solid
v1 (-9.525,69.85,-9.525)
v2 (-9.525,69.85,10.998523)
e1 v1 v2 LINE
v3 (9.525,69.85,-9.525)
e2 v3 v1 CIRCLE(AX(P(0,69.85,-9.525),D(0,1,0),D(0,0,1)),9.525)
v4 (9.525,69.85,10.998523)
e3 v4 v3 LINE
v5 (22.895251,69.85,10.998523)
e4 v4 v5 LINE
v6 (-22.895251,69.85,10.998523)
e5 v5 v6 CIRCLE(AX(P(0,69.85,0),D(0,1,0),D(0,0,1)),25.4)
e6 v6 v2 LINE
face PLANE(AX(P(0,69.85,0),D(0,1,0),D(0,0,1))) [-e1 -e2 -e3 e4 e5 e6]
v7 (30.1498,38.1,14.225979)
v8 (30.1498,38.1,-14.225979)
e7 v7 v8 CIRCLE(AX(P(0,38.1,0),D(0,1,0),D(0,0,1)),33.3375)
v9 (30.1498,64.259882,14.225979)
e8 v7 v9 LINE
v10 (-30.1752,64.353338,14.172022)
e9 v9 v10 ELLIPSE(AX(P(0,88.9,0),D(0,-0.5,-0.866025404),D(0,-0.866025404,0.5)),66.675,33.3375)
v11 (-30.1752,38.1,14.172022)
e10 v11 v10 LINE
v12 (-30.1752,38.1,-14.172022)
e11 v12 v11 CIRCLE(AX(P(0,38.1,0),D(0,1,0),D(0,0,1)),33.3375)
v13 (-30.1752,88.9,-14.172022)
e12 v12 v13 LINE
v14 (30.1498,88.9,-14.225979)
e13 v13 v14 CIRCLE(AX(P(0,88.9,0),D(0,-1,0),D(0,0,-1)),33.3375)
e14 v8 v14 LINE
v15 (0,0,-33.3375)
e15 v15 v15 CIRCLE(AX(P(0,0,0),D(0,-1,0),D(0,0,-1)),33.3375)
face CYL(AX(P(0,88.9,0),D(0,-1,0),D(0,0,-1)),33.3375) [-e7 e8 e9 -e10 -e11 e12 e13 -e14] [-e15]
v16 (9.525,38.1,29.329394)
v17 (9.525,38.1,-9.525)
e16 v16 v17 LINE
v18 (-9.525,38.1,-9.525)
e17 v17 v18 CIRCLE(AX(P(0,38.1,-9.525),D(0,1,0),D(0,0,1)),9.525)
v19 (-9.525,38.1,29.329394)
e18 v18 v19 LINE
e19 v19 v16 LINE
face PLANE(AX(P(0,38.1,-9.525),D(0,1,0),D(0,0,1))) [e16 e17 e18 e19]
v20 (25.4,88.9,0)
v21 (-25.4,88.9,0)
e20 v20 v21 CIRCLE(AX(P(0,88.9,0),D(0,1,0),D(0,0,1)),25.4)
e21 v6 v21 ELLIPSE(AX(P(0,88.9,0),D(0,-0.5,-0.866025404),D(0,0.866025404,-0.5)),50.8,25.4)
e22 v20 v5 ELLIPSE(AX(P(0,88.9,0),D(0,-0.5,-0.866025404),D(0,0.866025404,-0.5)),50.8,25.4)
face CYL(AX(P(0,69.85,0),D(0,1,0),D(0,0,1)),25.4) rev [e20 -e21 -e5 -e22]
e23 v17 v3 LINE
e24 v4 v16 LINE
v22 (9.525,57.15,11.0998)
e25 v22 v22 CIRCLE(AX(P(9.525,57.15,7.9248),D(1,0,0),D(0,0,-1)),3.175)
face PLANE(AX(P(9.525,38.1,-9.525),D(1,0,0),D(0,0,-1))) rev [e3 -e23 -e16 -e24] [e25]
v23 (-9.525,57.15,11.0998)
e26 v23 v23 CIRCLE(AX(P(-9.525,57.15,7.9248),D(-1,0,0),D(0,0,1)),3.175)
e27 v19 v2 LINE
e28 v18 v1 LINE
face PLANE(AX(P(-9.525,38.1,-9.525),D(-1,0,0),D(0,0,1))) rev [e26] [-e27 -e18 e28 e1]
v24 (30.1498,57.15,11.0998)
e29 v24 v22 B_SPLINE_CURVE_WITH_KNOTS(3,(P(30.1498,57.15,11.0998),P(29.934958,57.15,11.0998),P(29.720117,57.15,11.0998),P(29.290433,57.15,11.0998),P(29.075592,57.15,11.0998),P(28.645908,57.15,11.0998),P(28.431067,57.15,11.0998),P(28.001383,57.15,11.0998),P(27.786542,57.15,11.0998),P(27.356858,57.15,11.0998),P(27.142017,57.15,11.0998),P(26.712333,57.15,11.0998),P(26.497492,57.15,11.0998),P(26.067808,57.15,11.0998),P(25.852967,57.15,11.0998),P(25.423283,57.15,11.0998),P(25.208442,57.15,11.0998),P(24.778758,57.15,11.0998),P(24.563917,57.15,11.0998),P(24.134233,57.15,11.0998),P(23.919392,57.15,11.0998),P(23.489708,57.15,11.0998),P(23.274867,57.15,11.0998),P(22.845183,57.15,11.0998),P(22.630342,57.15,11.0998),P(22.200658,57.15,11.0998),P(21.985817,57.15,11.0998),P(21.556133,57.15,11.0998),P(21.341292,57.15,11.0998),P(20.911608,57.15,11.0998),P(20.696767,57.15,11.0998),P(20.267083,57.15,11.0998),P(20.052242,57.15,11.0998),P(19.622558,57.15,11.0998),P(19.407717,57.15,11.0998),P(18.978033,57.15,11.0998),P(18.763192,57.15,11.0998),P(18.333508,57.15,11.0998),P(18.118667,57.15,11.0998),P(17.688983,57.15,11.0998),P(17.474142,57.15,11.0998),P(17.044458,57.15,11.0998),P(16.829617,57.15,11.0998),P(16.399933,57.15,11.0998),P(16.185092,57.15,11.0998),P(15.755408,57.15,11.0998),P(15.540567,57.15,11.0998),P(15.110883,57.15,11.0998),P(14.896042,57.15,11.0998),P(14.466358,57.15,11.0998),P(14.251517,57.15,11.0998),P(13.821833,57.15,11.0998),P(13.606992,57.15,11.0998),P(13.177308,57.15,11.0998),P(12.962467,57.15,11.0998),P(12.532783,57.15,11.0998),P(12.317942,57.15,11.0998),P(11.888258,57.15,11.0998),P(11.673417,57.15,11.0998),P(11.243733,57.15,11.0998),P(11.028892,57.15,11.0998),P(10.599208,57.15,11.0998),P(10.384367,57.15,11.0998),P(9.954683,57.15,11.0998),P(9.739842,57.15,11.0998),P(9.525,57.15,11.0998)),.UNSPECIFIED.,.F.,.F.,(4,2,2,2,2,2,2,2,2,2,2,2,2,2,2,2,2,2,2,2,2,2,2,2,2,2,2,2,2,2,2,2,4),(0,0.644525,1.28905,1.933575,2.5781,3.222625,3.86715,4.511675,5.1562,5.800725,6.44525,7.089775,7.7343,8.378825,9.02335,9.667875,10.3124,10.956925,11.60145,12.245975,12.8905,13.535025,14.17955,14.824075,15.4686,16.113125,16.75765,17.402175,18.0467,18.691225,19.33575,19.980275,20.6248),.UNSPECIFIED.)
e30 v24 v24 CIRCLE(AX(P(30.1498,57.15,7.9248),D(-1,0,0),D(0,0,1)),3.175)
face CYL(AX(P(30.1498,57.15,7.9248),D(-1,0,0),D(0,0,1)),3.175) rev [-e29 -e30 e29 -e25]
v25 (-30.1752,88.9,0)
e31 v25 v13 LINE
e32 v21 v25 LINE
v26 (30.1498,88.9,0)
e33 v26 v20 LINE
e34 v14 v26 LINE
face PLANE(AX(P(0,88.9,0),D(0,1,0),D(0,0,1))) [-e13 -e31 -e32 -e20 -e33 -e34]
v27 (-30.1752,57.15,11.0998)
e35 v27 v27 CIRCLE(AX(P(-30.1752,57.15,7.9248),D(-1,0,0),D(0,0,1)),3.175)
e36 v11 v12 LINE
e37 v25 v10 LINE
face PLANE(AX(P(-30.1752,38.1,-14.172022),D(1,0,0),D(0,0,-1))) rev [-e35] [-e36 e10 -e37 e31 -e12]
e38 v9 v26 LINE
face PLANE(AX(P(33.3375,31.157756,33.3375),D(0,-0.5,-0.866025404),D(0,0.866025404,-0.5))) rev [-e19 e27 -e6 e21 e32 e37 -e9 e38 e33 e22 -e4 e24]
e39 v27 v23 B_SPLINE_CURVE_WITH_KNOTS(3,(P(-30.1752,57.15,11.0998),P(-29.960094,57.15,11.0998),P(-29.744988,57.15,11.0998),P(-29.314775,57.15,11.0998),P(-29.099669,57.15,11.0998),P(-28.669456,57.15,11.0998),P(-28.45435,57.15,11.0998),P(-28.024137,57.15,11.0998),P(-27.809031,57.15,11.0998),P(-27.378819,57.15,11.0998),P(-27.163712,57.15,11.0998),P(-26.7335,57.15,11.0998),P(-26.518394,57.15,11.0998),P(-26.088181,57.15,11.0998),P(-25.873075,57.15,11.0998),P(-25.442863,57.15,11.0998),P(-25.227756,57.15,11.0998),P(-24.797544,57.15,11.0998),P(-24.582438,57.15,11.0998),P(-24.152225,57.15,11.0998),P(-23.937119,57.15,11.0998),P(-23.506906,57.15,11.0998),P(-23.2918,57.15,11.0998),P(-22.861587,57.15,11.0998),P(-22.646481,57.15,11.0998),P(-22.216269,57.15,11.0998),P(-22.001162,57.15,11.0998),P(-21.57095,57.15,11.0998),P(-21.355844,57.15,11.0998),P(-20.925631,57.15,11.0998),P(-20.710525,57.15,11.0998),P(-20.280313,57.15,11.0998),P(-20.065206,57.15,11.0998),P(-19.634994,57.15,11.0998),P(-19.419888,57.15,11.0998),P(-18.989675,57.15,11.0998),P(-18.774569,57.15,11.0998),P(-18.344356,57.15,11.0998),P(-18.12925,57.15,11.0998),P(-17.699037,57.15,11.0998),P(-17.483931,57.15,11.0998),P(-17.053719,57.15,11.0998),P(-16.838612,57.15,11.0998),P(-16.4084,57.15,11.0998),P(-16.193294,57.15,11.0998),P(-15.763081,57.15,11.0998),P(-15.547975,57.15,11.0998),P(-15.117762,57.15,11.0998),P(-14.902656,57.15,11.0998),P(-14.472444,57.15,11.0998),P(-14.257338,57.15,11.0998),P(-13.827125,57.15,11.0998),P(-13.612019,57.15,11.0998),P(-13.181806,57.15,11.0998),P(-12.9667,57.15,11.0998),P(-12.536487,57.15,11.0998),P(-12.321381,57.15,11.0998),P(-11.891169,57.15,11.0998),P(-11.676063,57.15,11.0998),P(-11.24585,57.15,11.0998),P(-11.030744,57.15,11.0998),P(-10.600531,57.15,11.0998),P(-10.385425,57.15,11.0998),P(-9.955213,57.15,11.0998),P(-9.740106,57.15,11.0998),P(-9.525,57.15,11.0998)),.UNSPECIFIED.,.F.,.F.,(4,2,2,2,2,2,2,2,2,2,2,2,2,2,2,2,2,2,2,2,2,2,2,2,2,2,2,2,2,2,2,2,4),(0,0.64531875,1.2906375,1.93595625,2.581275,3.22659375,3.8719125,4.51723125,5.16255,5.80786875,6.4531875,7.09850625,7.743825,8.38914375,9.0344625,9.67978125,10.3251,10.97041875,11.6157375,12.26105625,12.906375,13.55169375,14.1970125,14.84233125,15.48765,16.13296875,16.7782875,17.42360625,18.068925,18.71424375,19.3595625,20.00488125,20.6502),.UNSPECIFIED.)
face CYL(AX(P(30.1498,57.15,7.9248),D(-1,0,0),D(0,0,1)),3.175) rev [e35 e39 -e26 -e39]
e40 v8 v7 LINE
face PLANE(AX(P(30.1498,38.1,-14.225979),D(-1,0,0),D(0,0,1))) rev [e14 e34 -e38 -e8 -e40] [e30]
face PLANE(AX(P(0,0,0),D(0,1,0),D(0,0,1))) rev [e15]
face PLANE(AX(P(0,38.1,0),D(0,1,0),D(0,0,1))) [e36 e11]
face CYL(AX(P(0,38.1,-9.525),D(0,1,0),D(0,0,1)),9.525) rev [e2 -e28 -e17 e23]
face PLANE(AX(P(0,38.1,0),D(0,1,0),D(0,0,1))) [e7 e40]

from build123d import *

# Parameters (mm, degrees)
CROQUIS2_W              = 66.675
CROQUIS2_H              = 66.675
SALIENTE_EXTRUIR2_DEPTH = 88.9
CORTAR_EXTRUIR1_DEPTH   = 117.01790608
CROQUIS5_OUTSIDE_W      = 94.593
CROQUIS5_OUTSIDE_H      = 94.593
CROQUIS5_OUTSIDE_R      = 33.3375
CORTAR_EXTRUIR2_DEPTH   = 88.9
CROQUIS6_R              = 25.4
CORTAR_EXTRUIR4_DEPTH   = 19.05
CORTAR_EXTRUIR5_DEPTH   = 31.75
CORTAR_EXTRUIR6_START   = -50.8
CORTAR_EXTRUIR6_DEPTH   = 50.8
CROQUIS9_R              = 3.175
CORTAR_EXTRUIR7_DEPTH   = 60.325


with BuildPart() as part:
    # Croquis2 → Saliente-Extruir2 (new body)
    with BuildSketch(Plane(origin=(0, 0, 0), x_dir=(1, 0, 0), z_dir=(0, 1, 0))):
        Rectangle(CROQUIS2_W, CROQUIS2_H)
    extrude(amount=SALIENTE_EXTRUIR2_DEPTH)

    # Croquis4 → Cortar-Extruir1 (cut, through all)
    with BuildSketch(Plane.ZY.offset(33.3375)):
        Polygon((33.3375, 31.157756203), (0, 88.9), (33.3375, 88.9), align=None)
    extrude(amount=-CORTAR_EXTRUIR1_DEPTH, mode=Mode.SUBTRACT)

    # Croquis5 outside → Cortar-Extruir2 (cut)
    with BuildSketch(Plane.XZ):
        with Locations((-0.0005, 0.0005)):
            Rectangle(CROQUIS5_OUTSIDE_W, CROQUIS5_OUTSIDE_H)
        with Locations(Location((0, 0, 0), (0, 0, 270))):
            Circle(CROQUIS5_OUTSIDE_R, mode=Mode.SUBTRACT)
    extrude(amount=-CORTAR_EXTRUIR2_DEPTH, mode=Mode.SUBTRACT)

    # Croquis6 → Cortar-Extruir4 (cut)
    with BuildSketch(Plane(origin=(0, 88.9, 0), x_dir=(1, 0, 0), z_dir=(0, 1, 0))):
        Circle(CROQUIS6_R)
    extrude(amount=-CORTAR_EXTRUIR4_DEPTH, mode=Mode.SUBTRACT)

    # Croquis7 → Cortar-Extruir5 (cut)
    with BuildSketch(Plane(origin=(0, 69.85, 0), x_dir=(1, 0, 0), z_dir=(0, 1, 0))):
        with BuildLine():
            Line((-9.525, 9.525), (-9.525, -31.947821229))
            Line((-9.525, -31.947821229), (9.525, -31.947821229))
            Line((9.525, -31.947821229), (9.525, 9.525))
            ThreePointArc((9.525, 9.525), (0, 19.05), (-9.525, 9.525))
        make_face()
    extrude(amount=-CORTAR_EXTRUIR5_DEPTH, mode=Mode.SUBTRACT)

    # Croquis8 → Cortar-Extruir6 (cut)
    with BuildSketch(Plane(origin=(0, 88.9, 0), x_dir=(1, 0, 0), z_dir=(0, 1, 0)).offset(CORTAR_EXTRUIR6_START)):
        with BuildLine():
            Line((-30.1752, 14.172022128), (-30.1752, -14.172022128))
            ThreePointArc((-30.1752, -14.172022128), (-33.3375, 0), (-30.1752, 14.172022128))
        make_face()
        with BuildLine():
            Line((30.1498, 14.225978568), (30.1498, -14.225978568))
            ThreePointArc((30.1498, -14.225978568), (33.3375, 0), (30.1498, 14.225978568))
        make_face()
    extrude(amount=CORTAR_EXTRUIR6_DEPTH, mode=Mode.SUBTRACT)

    # Croquis9 → Cortar-Extruir7 (cut)
    with BuildSketch(Plane.ZY.offset(30.1752)):
        with Locations((7.9248, 57.15)):
            Circle(CROQUIS9_R)
    extrude(amount=-CORTAR_EXTRUIR7_DEPTH, mode=Mode.SUBTRACT)


solid = part.part
